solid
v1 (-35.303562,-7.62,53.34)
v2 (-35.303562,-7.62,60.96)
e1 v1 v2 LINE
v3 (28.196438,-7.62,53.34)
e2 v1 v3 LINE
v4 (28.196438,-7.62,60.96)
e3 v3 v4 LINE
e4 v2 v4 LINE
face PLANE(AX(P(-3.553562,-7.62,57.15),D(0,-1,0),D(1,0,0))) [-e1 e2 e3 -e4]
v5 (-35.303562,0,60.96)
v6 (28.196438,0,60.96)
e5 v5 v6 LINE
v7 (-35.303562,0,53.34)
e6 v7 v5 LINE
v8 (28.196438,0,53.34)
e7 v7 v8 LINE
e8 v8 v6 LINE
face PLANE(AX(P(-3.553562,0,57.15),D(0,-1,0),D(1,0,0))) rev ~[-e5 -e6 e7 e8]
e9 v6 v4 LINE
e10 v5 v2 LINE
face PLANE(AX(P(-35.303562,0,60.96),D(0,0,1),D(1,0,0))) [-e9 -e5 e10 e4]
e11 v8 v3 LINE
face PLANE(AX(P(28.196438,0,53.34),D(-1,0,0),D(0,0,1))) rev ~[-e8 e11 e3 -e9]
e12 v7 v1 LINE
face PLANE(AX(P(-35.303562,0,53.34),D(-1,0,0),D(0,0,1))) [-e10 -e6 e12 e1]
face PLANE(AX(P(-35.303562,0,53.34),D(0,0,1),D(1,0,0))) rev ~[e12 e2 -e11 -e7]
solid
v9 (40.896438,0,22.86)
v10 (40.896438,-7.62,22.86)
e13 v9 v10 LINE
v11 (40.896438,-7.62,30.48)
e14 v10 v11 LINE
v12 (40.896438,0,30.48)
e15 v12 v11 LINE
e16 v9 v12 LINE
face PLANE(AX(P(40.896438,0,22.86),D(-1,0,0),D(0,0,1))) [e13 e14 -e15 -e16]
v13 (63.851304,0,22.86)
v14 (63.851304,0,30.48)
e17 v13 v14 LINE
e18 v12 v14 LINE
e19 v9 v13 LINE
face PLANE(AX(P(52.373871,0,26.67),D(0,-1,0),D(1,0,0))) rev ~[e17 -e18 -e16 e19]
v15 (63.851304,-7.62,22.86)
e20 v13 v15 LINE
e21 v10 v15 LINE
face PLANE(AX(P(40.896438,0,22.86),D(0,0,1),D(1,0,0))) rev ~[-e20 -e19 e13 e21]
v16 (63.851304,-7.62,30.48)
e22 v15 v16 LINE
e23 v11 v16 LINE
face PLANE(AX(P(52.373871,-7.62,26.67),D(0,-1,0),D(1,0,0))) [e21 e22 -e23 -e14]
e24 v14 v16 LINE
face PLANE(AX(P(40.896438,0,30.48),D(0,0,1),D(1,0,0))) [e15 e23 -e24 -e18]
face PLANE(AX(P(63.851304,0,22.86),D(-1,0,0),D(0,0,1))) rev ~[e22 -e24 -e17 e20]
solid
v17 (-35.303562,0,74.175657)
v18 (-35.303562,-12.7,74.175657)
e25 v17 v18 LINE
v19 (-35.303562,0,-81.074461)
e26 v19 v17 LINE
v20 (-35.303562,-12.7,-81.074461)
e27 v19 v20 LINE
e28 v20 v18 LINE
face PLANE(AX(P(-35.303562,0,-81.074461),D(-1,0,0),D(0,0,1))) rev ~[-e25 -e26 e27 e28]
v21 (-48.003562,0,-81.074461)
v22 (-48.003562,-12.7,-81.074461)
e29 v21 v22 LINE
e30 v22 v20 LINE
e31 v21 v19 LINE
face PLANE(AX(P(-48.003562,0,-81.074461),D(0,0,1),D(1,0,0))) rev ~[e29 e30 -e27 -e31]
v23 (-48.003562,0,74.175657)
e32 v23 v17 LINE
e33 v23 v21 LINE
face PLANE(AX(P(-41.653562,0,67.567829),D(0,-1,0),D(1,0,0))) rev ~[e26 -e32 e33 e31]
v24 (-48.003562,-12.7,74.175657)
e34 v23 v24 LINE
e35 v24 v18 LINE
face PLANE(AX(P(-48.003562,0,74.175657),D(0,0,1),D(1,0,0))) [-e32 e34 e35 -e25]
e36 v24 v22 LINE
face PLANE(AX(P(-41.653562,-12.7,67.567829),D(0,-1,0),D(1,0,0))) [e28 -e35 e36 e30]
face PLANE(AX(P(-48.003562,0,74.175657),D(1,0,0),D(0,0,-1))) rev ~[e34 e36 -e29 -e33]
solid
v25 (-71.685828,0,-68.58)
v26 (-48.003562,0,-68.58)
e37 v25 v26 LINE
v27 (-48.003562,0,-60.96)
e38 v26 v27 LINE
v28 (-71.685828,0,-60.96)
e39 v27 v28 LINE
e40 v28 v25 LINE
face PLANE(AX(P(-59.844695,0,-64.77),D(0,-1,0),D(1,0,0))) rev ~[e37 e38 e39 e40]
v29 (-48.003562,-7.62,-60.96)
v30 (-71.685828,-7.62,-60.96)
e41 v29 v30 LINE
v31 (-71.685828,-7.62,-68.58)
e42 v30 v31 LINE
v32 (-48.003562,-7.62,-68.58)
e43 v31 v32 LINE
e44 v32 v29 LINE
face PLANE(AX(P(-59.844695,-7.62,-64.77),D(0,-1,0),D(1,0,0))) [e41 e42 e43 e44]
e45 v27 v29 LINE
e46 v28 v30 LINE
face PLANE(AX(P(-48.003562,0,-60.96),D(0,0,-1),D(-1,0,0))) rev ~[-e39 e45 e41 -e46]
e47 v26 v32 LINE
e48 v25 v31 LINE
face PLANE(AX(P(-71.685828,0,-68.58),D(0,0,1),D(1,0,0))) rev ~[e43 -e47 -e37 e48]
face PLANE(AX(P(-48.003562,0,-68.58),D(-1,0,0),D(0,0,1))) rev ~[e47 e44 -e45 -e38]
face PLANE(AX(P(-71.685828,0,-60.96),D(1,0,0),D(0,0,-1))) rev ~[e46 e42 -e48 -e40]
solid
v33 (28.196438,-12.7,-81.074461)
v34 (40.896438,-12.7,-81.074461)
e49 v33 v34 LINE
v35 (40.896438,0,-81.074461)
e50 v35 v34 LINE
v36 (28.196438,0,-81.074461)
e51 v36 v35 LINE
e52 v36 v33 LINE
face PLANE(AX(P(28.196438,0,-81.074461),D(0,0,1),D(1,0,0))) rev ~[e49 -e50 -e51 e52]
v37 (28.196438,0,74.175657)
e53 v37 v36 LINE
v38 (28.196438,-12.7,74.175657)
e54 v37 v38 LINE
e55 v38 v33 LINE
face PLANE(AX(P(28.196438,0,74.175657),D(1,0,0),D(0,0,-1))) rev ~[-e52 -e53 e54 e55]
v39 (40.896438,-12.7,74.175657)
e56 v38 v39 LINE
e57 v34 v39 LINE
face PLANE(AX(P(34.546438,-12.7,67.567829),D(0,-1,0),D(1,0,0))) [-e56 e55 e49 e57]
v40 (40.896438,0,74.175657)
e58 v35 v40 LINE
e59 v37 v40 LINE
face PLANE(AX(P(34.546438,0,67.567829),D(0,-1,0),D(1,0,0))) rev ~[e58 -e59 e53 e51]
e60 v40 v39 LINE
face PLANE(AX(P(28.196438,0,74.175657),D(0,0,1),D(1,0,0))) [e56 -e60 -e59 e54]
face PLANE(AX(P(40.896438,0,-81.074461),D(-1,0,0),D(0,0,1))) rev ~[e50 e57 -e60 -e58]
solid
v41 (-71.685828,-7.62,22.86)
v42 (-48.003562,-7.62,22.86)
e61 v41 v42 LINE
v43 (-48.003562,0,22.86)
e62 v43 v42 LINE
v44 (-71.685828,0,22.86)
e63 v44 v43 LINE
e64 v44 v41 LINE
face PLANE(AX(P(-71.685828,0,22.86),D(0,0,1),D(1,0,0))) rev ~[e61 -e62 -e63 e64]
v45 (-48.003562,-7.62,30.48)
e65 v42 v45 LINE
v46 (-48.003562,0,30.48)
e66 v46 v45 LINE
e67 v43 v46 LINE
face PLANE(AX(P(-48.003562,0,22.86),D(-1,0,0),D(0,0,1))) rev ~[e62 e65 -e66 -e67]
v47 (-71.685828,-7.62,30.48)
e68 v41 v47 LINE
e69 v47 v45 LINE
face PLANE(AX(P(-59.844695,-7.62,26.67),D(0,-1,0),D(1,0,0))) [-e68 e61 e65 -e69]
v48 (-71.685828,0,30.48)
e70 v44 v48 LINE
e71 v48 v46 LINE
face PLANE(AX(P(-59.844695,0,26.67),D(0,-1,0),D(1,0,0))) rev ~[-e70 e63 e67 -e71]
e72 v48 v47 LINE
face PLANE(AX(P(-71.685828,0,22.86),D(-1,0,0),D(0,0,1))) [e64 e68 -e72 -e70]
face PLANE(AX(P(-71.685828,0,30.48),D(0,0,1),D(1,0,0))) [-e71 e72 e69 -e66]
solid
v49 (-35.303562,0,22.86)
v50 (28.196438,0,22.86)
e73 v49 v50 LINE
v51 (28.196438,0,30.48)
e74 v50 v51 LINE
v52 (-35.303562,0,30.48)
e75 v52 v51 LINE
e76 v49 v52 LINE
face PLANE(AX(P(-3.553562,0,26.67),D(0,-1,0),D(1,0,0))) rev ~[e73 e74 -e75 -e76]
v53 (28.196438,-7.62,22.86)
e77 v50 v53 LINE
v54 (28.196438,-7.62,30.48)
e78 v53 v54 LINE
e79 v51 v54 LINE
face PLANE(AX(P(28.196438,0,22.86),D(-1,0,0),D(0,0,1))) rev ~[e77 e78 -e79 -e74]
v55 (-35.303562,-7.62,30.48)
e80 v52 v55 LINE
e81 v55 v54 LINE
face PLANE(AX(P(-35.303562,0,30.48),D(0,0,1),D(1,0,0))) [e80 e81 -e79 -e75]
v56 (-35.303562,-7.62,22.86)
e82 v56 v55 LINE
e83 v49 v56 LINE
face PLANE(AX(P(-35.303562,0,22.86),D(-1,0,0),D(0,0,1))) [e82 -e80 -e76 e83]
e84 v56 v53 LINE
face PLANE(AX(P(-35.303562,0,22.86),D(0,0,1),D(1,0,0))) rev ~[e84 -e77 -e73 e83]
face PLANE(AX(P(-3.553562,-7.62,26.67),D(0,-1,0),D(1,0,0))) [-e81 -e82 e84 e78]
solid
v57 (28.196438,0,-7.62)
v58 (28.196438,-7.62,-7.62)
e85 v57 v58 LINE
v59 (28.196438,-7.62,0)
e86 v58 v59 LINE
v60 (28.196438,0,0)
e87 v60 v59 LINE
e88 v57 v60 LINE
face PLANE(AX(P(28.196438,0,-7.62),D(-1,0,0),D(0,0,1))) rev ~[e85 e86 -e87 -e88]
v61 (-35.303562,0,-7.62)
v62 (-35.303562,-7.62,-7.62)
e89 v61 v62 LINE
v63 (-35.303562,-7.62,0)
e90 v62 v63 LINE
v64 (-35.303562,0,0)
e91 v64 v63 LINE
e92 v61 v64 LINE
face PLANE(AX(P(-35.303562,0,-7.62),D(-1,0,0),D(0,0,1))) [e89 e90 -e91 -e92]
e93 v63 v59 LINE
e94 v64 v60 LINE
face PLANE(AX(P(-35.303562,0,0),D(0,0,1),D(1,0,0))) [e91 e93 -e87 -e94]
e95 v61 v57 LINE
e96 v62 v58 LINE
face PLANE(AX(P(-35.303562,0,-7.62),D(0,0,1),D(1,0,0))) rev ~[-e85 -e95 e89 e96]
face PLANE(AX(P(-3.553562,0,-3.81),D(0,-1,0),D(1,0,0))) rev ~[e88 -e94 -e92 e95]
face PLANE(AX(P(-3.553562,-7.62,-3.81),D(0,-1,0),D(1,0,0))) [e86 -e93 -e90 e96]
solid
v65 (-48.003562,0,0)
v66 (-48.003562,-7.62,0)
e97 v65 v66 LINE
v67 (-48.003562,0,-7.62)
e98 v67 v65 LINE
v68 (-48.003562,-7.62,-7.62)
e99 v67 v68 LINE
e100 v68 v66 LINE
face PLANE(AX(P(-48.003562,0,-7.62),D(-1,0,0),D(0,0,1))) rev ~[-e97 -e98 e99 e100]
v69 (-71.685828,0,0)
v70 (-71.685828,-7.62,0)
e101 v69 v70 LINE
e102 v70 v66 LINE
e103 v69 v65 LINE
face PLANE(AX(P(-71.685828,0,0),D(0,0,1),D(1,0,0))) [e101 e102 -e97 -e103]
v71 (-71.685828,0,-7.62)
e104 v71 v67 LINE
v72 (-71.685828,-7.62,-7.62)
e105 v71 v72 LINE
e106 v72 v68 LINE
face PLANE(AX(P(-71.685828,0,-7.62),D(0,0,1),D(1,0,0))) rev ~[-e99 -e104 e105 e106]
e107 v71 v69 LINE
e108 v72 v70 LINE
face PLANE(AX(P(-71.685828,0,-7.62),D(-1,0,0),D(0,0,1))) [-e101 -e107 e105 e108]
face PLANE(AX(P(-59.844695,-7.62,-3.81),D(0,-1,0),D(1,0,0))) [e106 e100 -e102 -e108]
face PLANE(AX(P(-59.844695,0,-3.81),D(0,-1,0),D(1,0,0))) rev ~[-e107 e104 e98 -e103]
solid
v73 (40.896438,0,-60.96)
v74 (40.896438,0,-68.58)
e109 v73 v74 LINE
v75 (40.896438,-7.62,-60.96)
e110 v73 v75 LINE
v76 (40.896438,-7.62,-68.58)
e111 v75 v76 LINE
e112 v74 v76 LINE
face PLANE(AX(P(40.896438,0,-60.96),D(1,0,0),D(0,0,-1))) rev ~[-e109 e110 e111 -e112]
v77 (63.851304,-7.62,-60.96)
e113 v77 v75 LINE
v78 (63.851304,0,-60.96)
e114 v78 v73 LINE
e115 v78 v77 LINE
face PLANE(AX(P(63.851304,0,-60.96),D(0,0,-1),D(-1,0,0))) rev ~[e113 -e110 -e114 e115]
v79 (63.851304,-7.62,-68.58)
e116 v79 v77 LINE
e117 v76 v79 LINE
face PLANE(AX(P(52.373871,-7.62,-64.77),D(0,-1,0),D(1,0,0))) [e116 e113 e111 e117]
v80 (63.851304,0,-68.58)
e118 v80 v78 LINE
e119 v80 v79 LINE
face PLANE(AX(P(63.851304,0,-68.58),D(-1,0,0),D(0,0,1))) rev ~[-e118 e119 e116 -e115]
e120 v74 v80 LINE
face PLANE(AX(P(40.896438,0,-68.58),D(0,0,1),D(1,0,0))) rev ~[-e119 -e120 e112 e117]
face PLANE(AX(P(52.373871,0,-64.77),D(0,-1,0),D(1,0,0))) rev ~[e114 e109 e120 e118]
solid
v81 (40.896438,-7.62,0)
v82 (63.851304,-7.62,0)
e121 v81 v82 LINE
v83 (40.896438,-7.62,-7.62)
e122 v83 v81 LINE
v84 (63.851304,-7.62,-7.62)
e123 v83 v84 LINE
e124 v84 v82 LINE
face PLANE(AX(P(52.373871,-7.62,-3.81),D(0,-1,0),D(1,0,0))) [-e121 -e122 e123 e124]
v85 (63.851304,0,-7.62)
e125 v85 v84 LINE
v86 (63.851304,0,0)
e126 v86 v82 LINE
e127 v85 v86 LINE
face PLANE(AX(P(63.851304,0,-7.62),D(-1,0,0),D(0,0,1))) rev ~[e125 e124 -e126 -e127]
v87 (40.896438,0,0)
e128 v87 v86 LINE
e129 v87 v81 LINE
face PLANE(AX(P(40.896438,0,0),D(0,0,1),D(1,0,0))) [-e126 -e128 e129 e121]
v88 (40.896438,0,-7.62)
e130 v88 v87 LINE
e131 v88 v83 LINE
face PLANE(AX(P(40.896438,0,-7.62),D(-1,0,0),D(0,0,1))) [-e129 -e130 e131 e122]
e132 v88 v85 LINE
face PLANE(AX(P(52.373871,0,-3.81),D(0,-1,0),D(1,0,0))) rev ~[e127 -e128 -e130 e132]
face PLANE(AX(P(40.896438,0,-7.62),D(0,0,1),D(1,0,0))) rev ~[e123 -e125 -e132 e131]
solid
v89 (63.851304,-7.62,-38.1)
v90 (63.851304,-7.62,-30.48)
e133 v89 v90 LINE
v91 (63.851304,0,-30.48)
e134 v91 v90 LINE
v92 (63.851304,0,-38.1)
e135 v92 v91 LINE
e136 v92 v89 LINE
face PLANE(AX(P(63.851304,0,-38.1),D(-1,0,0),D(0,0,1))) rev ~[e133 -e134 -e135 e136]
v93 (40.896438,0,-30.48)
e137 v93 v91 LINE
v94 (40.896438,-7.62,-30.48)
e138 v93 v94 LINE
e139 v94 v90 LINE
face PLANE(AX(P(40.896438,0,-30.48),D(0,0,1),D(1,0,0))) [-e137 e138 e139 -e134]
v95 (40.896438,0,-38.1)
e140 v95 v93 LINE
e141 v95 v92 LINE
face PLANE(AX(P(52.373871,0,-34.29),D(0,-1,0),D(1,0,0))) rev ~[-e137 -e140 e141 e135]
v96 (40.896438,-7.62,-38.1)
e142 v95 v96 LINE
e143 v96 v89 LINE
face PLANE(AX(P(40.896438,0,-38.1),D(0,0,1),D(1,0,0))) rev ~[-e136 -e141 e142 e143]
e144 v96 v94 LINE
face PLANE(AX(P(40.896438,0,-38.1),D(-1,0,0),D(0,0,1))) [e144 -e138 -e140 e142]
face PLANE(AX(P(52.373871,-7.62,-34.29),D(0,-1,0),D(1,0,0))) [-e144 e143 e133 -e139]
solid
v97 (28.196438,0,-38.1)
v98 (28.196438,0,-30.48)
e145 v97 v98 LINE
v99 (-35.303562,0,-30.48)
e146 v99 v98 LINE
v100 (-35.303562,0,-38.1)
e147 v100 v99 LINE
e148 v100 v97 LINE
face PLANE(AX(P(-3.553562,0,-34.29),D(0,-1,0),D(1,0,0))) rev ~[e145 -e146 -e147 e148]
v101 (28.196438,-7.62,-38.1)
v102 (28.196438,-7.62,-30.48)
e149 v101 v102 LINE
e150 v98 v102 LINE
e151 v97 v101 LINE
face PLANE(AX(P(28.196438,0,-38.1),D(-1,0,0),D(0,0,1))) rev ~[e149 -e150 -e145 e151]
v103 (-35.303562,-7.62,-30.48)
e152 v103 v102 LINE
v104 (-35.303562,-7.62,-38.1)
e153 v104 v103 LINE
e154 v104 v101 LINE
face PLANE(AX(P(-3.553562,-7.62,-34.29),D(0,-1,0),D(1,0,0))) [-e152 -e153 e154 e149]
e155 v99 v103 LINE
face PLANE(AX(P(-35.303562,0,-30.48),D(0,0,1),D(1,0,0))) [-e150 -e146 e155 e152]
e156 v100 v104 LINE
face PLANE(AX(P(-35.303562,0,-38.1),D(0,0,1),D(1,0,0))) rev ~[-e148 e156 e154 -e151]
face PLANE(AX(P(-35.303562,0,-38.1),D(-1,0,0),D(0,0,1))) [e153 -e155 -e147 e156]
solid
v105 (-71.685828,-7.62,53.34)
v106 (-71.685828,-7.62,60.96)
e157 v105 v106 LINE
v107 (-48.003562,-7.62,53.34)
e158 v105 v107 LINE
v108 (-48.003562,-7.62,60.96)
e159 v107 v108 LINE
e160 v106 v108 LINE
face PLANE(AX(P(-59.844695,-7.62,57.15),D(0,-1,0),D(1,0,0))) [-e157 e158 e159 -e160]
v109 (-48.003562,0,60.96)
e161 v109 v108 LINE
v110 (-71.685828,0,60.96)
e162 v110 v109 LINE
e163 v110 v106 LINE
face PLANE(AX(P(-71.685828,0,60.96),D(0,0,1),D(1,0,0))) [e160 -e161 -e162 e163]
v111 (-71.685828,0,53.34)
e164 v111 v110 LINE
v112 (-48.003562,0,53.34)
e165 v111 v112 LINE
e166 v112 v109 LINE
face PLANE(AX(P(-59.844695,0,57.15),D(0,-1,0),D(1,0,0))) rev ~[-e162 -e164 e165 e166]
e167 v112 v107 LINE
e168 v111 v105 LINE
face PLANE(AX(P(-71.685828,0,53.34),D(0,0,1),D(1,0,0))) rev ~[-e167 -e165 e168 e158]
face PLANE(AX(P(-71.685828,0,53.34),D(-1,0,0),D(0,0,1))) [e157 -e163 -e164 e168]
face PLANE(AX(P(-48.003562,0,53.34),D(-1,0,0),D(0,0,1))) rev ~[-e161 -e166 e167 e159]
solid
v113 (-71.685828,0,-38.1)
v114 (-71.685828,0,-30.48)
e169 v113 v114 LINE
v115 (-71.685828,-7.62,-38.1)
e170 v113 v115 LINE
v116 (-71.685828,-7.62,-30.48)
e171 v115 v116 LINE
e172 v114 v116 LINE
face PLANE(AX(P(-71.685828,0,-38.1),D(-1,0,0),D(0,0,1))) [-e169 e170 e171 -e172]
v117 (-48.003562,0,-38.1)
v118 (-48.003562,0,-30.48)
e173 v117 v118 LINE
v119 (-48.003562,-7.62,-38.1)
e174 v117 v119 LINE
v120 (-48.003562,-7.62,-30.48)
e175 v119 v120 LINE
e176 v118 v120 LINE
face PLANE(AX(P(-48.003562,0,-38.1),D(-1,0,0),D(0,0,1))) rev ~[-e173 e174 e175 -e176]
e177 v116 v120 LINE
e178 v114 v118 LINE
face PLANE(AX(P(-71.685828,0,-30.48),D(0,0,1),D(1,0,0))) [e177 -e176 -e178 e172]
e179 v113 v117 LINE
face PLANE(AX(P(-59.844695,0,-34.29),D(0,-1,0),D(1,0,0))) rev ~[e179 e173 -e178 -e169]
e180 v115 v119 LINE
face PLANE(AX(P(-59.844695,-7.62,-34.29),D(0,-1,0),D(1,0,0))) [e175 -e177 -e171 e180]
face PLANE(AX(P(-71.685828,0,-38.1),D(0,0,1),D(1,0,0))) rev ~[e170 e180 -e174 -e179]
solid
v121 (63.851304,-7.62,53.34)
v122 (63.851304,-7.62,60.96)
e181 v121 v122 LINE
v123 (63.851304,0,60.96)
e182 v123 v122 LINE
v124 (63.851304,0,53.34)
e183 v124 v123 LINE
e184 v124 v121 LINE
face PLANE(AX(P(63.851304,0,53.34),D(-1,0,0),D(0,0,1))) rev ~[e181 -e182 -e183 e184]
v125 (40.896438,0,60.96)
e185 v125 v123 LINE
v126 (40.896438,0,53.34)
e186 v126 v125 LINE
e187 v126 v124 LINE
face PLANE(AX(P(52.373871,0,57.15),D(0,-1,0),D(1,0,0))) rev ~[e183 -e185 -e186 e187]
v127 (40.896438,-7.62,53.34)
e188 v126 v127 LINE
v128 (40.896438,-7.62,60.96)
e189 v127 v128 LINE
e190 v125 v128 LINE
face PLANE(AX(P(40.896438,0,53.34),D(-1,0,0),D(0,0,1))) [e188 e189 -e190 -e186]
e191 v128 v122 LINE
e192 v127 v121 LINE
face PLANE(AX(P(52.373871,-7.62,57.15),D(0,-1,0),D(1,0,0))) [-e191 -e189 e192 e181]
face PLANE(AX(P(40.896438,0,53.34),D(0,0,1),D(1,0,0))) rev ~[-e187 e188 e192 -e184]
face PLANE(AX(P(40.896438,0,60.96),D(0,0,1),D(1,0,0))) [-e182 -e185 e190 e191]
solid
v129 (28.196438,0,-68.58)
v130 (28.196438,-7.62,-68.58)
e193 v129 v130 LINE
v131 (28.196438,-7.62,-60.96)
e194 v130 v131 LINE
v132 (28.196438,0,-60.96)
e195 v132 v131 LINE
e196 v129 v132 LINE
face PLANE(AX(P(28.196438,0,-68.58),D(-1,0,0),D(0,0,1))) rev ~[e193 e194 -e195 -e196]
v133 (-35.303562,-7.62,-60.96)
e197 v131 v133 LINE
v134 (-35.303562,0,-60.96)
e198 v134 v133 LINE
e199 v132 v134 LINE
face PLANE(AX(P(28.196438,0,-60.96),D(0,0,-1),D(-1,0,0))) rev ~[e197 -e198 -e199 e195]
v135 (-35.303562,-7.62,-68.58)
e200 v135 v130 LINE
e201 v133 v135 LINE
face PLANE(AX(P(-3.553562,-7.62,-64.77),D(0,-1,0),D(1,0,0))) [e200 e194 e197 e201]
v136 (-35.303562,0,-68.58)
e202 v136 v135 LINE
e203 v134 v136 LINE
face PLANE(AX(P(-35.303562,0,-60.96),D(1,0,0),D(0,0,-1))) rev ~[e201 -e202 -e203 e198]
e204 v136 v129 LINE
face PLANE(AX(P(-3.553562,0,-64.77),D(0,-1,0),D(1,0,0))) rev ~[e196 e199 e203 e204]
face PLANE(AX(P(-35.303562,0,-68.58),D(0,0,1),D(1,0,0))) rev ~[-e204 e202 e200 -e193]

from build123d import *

# Parameters (mm, degrees)
F0_W     = 12.7
F0_H     = 13.215657315
F0_H_2   = 22.86
F0_H_3   = 12.4944613409
F0_H_4   = 7.62
F1_DEPTH = 12.7
F0_W_2   = 23.6822664738
F2_DEPTH = 7.62
F0_W_3   = 63.5
F0_W_4   = 22.954866147


with BuildPart() as f1:
    # F0 (on Front) → F1 (new body)
    with BuildSketch(Plane.XZ):
        with Locations((-41.6535617948, 67.5678286575)):
            Rectangle(F0_W, F0_H)
        with Locations((-41.6535617948, 41.91)):
            Rectangle(F0_W, F0_H_2)
        with Locations((-41.6535617948, 11.43)):
            Rectangle(F0_W, F0_H_2)
        with Locations((-41.6535617948, -19.05)):
            Rectangle(F0_W, F0_H_2)
        with Locations((-41.6535617948, -49.53)):
            Rectangle(F0_W, F0_H_2)
        with Locations((-41.6535617948, -74.8272306705)):
            Rectangle(F0_W, F0_H_3)
        with Locations((-41.6535617948, 57.15)):
            Rectangle(F0_W, F0_H_4)
        Polygon((-35.3035617948, -68.58), (-35.3035617948, -67.4191057513), (-35.3035617948, -60.96), (-48.0035617948, -60.96), (-48.0035617948, -67.4191057513), (-48.0035617948, -68.58), align=None)
        with Locations((-41.6535617948, -34.29)):
            Rectangle(F0_W, F0_H_4)
        with Locations((-41.6535617948, -3.81)):
            Rectangle(F0_W, F0_H_4)
        with Locations((-41.6535617948, 26.67)):
            Rectangle(F0_W, F0_H_4)
    extrude(amount=F1_DEPTH)


with BuildPart() as f1b:
    # F0 (on Front) → F1, piece 2 (new body)
    with BuildSketch(Plane.XZ):
        with Locations((34.5464382052, 67.5678286575)):
            Rectangle(F0_W, F0_H)
        with Locations((34.5464382052, 41.91)):
            Rectangle(F0_W, F0_H_2)
        with Locations((34.5464382052, 11.43)):
            Rectangle(F0_W, F0_H_2)
        with Locations((34.5464382052, -19.05)):
            Rectangle(F0_W, F0_H_2)
        with Locations((34.5464382052, -49.53)):
            Rectangle(F0_W, F0_H_2)
        with Locations((34.5464382052, -74.8272306705)):
            Rectangle(F0_W, F0_H_3)
        with Locations((34.5464382052, 57.15)):
            Rectangle(F0_W, F0_H_4)
        with Locations((34.5464382052, 26.67)):
            Rectangle(F0_W, F0_H_4)
        with Locations((34.5464382052, -3.81)):
            Rectangle(F0_W, F0_H_4)
        with Locations((34.5464382052, -34.29)):
            Rectangle(F0_W, F0_H_4)
        Polygon((40.8964382052, -60.96), (28.1964382052, -60.96), (28.1964382052, -67.4191057513), (28.1964382052, -68.58), (40.8964382052, -68.58), (40.8964382052, -67.4191057513), align=None)
    extrude(amount=F1_DEPTH)


with BuildPart() as f2:
    # F0 (on Front) → F2 (new body)
    with BuildSketch(Plane.XZ):
        with Locations((-59.8446950316, 57.15)):
            Rectangle(F0_W_2, F0_H_4)
    extrude(amount=F2_DEPTH)


with BuildPart() as f2b:
    # F0 (on Front) → F2, piece 2 (new body)
    with BuildSketch(Plane.XZ):
        with Locations((-3.5535617948, 57.15)):
            Rectangle(F0_W_3, F0_H_4)
    extrude(amount=F2_DEPTH)


with BuildPart() as f2c:
    # F0 (on Front) → F2, piece 3 (new body)
    with BuildSketch(Plane.XZ):
        with Locations((-59.8446950316, 26.67)):
            Rectangle(F0_W_2, F0_H_4)
    extrude(amount=F2_DEPTH)


with BuildPart() as f2d:
    # F0 (on Front) → F2, piece 4 (new body)
    with BuildSketch(Plane.XZ):
        with Locations((-3.5535617948, 26.67)):
            Rectangle(F0_W_3, F0_H_4)
    extrude(amount=F2_DEPTH)


with BuildPart() as f2e:
    # F0 (on Front) → F2, piece 5 (new body)
    with BuildSketch(Plane.XZ):
        with Locations((-59.8446950316, -3.81)):
            Rectangle(F0_W_2, F0_H_4)
    extrude(amount=F2_DEPTH)


with BuildPart() as f2f:
    # F0 (on Front) → F2, piece 6 (new body)
    with BuildSketch(Plane.XZ):
        with Locations((-3.5535617948, -3.81)):
            Rectangle(F0_W_3, F0_H_4)
    extrude(amount=F2_DEPTH)


with BuildPart() as f2g:
    # F0 (on Front) → F2, piece 7 (new body)
    with BuildSketch(Plane.XZ):
        with Locations((-59.8446950316, -34.29)):
            Rectangle(F0_W_2, F0_H_4)
    extrude(amount=F2_DEPTH)


with BuildPart() as f2h:
    # F0 (on Front) → F2, piece 8 (new body)
    with BuildSketch(Plane.XZ):
        with Locations((-3.5535617948, -34.29)):
            Rectangle(F0_W_3, F0_H_4)
    extrude(amount=F2_DEPTH)


with BuildPart() as f2i:
    # F0 (on Front) → F2, piece 9 (new body)
    with BuildSketch(Plane.XZ):
        Polygon((-48.0035617948, -67.4191057513), (-48.0035617948, -60.96), (-71.6858282685, -60.96), (-71.6858282685, -68.58), (-48.0035617948, -68.58), align=None)
    extrude(amount=F2_DEPTH)


with BuildPart() as f2j:
    # F0 (on Front) → F2, piece 10 (new body)
    with BuildSketch(Plane.XZ):
        Polygon((-35.3035617948, -60.96), (-35.3035617948, -67.4191057513), (-35.3035617948, -68.58), (28.1964382052, -68.58), (28.1964382052, -67.4191057513), (28.1964382052, -60.96), align=None)
    extrude(amount=F2_DEPTH)


with BuildPart() as f2k:
    # F0 (on Front) → F2, piece 11 (new body)
    with BuildSketch(Plane.XZ):
        Polygon((63.8513043523, -60.96), (40.8964382052, -60.96), (40.8964382052, -67.4191057513), (40.8964382052, -68.58), (63.8513043523, -68.58), align=None)
    extrude(amount=F2_DEPTH)


with BuildPart() as f2l:
    # F0 (on Front) → F2, piece 12 (new body)
    with BuildSketch(Plane.XZ):
        with Locations((52.3738712788, -34.29)):
            Rectangle(F0_W_4, F0_H_4)
    extrude(amount=F2_DEPTH)


with BuildPart() as f2m:
    # F0 (on Front) → F2, piece 13 (new body)
    with BuildSketch(Plane.XZ):
        with Locations((52.3738712788, -3.81)):
            Rectangle(F0_W_4, F0_H_4)
    extrude(amount=F2_DEPTH)


with BuildPart() as f2n:
    # F0 (on Front) → F2, piece 14 (new body)
    with BuildSketch(Plane.XZ):
        with Locations((52.3738712788, 26.67)):
            Rectangle(F0_W_4, F0_H_4)
    extrude(amount=F2_DEPTH)


with BuildPart() as f2o:
    # F0 (on Front) → F2, piece 15 (new body)
    with BuildSketch(Plane.XZ):
        with Locations((52.3738712788, 57.15)):
            Rectangle(F0_W_4, F0_H_4)
    extrude(amount=F2_DEPTH)


solid = Compound([f1.part, f1b.part, f2.part, f2b.part, f2c.part, f2d.part, f2e.part, f2f.part, f2g.part, f2h.part, f2i.part, f2j.part, f2k.part, f2l.part, f2m.part, f2n.part, f2o.part])
